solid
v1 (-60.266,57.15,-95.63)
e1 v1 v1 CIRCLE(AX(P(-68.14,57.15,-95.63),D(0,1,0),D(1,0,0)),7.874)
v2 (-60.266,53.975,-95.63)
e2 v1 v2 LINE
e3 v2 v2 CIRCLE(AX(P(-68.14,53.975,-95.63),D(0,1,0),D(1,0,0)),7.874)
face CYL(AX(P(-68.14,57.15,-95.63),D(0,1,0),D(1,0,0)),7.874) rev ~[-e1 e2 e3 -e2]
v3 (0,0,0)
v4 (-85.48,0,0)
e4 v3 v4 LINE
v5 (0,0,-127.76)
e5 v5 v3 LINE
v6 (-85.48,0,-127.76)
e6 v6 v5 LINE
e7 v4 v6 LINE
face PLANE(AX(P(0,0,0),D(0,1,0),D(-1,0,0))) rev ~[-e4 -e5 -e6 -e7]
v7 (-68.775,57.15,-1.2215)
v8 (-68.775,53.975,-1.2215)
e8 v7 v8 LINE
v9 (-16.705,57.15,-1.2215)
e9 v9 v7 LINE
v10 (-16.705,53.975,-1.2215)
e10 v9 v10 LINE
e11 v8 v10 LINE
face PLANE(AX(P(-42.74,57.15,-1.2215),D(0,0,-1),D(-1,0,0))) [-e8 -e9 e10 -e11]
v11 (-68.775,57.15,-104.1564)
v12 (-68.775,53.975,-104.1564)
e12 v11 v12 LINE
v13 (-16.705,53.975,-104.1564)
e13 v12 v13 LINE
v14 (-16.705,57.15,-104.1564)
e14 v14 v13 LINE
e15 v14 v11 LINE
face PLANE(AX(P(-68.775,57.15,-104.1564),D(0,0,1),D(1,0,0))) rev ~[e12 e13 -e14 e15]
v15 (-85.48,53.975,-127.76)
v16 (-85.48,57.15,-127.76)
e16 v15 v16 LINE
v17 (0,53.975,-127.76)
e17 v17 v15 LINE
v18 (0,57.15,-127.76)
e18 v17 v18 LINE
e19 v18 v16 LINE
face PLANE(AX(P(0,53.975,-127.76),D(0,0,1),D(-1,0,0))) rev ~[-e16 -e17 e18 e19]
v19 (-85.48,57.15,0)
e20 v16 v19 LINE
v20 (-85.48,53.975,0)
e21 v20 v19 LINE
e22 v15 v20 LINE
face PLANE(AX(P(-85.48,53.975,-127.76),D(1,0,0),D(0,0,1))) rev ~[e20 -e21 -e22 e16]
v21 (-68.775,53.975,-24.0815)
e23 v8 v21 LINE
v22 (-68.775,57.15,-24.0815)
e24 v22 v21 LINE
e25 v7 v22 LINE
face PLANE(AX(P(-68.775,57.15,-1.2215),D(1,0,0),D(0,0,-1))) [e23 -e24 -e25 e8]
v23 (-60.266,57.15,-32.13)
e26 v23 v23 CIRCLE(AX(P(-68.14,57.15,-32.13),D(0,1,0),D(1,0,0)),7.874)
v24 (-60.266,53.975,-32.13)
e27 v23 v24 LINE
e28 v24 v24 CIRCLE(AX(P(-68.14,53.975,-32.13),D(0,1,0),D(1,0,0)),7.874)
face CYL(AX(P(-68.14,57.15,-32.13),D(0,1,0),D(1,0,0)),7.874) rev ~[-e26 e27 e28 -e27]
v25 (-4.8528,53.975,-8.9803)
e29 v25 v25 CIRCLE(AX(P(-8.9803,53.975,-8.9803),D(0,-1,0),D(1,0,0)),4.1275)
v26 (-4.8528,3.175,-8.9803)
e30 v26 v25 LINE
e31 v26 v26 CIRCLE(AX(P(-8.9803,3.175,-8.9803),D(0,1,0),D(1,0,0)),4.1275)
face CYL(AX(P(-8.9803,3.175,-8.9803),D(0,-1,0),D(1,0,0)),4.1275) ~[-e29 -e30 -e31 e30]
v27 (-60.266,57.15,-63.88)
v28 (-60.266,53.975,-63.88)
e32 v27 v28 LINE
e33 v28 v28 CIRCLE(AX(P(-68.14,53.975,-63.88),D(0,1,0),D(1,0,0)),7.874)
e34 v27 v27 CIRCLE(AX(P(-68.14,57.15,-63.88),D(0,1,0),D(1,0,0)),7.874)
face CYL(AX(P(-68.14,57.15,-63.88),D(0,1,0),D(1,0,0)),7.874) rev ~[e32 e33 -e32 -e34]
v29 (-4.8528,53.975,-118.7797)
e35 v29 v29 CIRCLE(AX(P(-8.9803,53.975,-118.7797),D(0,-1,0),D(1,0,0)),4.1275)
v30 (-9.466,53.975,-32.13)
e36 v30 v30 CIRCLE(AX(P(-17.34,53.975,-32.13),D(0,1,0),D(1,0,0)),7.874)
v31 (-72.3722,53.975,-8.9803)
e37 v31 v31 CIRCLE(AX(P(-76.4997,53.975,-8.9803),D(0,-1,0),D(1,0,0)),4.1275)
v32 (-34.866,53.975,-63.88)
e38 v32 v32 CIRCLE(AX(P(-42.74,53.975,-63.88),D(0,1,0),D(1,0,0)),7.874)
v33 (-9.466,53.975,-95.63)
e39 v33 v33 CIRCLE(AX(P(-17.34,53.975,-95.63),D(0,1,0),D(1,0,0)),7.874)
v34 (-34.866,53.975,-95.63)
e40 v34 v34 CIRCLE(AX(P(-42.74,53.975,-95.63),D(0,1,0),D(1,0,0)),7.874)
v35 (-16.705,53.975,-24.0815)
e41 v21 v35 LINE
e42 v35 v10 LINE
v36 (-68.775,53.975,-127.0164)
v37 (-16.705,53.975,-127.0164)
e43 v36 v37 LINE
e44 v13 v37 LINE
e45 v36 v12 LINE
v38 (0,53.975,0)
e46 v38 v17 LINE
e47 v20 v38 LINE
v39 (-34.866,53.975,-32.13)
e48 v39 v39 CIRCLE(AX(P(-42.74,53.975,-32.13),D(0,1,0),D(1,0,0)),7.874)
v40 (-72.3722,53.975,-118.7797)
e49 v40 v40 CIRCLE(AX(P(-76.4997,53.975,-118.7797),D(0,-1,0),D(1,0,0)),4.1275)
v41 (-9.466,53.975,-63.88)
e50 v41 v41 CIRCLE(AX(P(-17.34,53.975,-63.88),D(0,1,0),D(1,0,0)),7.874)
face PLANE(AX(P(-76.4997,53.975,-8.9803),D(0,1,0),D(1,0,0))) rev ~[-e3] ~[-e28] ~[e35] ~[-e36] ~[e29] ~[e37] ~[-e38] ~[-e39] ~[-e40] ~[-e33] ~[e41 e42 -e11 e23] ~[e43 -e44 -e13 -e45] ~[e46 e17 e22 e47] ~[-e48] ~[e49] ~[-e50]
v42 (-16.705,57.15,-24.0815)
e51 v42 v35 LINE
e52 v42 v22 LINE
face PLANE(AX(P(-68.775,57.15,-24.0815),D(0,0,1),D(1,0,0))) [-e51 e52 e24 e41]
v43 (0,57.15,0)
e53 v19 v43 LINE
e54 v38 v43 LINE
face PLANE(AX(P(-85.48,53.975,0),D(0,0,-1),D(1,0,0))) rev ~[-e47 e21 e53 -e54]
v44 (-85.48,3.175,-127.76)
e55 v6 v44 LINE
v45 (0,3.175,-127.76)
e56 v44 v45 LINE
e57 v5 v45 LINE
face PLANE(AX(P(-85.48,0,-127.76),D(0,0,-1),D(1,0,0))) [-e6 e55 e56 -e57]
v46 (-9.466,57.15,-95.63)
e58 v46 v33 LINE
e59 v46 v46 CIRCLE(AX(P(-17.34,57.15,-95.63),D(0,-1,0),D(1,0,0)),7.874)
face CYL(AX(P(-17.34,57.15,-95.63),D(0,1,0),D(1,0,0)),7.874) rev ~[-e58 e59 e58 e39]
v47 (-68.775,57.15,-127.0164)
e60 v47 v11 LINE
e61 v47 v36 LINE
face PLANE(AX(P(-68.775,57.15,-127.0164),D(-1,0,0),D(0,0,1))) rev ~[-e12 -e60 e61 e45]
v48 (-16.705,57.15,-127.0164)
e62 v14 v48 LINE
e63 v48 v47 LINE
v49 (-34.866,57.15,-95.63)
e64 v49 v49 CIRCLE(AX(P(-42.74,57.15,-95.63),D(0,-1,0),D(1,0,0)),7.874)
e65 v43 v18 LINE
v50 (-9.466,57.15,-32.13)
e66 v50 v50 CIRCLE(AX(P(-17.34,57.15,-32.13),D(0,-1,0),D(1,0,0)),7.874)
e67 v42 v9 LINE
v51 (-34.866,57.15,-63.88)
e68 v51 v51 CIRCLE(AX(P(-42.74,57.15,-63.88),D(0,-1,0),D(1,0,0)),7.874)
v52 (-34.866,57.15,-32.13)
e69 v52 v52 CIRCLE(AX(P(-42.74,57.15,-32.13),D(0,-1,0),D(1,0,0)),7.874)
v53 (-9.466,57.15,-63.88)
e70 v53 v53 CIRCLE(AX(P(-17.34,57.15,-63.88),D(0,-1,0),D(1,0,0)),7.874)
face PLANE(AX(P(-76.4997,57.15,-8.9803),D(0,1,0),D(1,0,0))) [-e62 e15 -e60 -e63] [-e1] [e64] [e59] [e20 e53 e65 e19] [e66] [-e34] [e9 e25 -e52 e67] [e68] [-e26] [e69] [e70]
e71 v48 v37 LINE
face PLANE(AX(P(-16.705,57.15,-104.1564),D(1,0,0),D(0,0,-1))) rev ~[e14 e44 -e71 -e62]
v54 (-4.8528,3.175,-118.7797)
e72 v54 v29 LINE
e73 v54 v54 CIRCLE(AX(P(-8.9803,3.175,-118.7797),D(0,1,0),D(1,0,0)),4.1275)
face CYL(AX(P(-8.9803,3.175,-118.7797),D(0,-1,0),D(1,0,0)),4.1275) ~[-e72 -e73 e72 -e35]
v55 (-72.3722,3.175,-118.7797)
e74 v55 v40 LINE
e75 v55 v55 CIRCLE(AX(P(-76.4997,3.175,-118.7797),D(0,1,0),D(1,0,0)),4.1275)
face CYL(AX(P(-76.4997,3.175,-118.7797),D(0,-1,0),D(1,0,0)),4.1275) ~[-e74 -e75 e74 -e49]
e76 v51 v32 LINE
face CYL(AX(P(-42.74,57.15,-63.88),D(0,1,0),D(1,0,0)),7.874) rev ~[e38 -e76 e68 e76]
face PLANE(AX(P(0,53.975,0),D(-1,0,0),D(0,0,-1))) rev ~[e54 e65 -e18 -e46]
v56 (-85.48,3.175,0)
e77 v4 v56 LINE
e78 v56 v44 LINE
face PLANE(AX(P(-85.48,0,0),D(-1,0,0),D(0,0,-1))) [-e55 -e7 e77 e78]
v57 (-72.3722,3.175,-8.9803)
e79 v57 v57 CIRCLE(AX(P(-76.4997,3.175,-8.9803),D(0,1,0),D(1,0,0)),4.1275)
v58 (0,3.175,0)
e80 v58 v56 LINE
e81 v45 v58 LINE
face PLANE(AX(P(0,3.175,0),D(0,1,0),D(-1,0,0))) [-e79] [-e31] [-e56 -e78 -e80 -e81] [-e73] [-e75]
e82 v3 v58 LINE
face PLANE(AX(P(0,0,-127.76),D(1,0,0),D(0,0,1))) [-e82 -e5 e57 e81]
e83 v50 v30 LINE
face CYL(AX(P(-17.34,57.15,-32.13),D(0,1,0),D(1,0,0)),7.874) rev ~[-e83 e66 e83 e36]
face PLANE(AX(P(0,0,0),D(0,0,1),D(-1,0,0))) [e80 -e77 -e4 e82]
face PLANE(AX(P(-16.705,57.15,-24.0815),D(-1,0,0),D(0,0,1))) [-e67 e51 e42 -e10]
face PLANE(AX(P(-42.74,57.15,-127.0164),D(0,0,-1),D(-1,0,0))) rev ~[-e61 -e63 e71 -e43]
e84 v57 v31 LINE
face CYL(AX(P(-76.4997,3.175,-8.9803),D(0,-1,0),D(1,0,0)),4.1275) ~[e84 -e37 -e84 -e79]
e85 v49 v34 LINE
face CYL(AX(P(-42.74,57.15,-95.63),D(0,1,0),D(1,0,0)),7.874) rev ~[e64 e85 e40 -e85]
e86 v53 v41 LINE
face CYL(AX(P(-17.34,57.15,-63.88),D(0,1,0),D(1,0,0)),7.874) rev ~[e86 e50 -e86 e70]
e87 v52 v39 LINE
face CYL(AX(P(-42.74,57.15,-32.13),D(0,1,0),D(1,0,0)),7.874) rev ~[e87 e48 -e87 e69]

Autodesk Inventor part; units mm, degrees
ref_plane "YZ Plane" through (0, 0, 0) normal (1, 0, 0) x (0, 1, 0)
ref_plane "XZ Plane" through (0, 0, 0) normal (0, 1, 0) x (-1, 0, 0)
ref_plane "XY Plane" through (0, 0, 0) normal (0, 0, 1) x (1, 0, 0)
sketch "Sketch1" plane through (0, 0, 0) normal (0, 1, 0) x (-1, 0, 0)
  line L0 (0, 0) -> (85.48, 0)
  line L1 (85.48, 0) -> (85.48, -127.76)
  line L2 (85.48, -127.76) -> (0, -127.76)
  line L3 (0, -127.76) -> (0, 0)
  dimension "d0" = 85.48
  dimension "d1" = 127.76
extrude "Extrusion1" add sketch "Sketch1" along normal blind 3.175
sketch "Sketch2" plane through (0, 3.175, 0) normal (0, 1, 0) x (1, 0, 0)
  line L0 (0, 0) -> (-8.9803, 8.9803)
  line L1 (-85.48, 127.76) -> (-85.48, 0) projected
  line L2 (-85.48, 0) -> (-76.4997, 8.9803)
  line L3 (-85.48, 0) -> (-72.78, 0) construction
  line L4 (0, 127.76) -> (-85.48, 127.76) projected
  line L5 (-85.48, 127.76) -> (-76.4997, 118.7797)
  line L6 (-85.48, 127.76) -> (-72.78, 127.76) construction
  line L7 (0, 127.76) -> (-8.9803, 118.7797)
  circle A0 centre (-76.4997, 118.7797) radius 4.1275
  circle A1 centre (-8.9803, 118.7797) radius 4.1275
  circle A2 centre (-76.4997, 8.9803) radius 4.1275
  circle A3 centre (-8.9803, 8.9803) radius 4.1275
  dimension "d4" = 12.7
  dimension "d5" = 12.7
  dimension "d6" = 45
  dimension "d7" = 12.7
  dimension "d8" = 45
  dimension "d9" = 12.7
  dimension "d10" = 8.255
  dimension "d11" = 8.255
  dimension "d12" = 8.255
  dimension "d13" = 8.255
extrude "Extrusion2" add sketch "Sketch2" along normal blind 50.8
sketch "Sketch3" plane through (-76.4997, 53.975, -8.9803) normal (0, 1, 0) x (1, 0, 0)
  line L0 (-8.9803, -8.9803) -> (76.4997, -8.9803) projected
  line L1 (-8.9803, 118.7797) -> (-8.9803, -8.9803) projected
  line L2 (76.4997, 118.7797) -> (-8.9803, 118.7797) projected
  line L3 (76.4997, -8.9803) -> (76.4997, 118.7797) projected
extrude "Extrusion3" add sketch "Sketch3" along normal blind 3.175
sketch "Sketch4" plane through (-76.4997, 57.15, -8.9803) normal (0, 1, 0) x (1, 0, 0)
  line L0 (-8.9803, -8.9803) -> (76.4997, -8.9803) projected
  line L1 (33.7597, -8.9803) -> (33.7597, 118.7797)
  line L2 (76.4997, 118.7797) -> (-8.9803, 118.7797) projected
  line L3 (33.7597, 54.8997) -> (33.7597, 86.6497)
  line L4 (33.7597, 54.8997) -> (65.5097, 54.8997) construction
  line L5 (33.7597, 54.8997) -> (33.7597, 23.1497)
  circle A0 centre (33.7597, 86.6497) radius 7.874
  circle A1 centre (33.7597, 23.1497) radius 7.874
  circle A2 centre (33.7597, 54.8997) radius 7.874
  line L6 (33.7597, 86.6497) -> (59.1597, 86.6497)
  circle A3 centre (59.1597, 86.6497) radius 7.874
  line L7 (33.7597, 86.6497) -> (8.3597, 86.6497)
  line L8 (33.7597, 54.8997) -> (59.1597, 54.8997)
  line L9 (33.7597, 54.8997) -> (8.3597, 54.8997)
  line L10 (33.7597, 23.1497) -> (59.1597, 23.1497)
  line L11 (33.7597, 23.1497) -> (8.3597, 23.1497)
  line L12 (33.7597, 23.1497) -> (59.1597, 23.1497) construction
  circle A4 centre (8.3597, 86.6497) radius 7.874
  circle A5 centre (8.3597, 54.8997) radius 7.874
  circle A6 centre (59.1597, 54.8997) radius 7.874
  circle A7 centre (59.1597, 23.1497) radius 7.874
  circle A8 centre (8.3597, 23.1497) radius 7.874
  line L13 (7.7247, 95.1761) -> (59.7947, 95.1761)
  line L14 (59.7947, 95.1761) -> (59.7947, 118.0361)
  line L15 (59.7947, 118.0361) -> (7.7247, 118.0361)
  line L16 (7.7247, 118.0361) -> (7.7247, 95.1761)
  line L17 (7.7247, 95.1761) -> (59.7947, 118.0361) construction
  line L18 (59.7947, 95.1761) -> (7.7247, 118.0361) construction
  line L19 (7.7247, 15.1012) -> (59.7947, 15.1012)
  line L20 (59.7947, 15.1012) -> (59.7947, -7.7588)
  line L21 (59.7947, -7.7588) -> (7.7247, -7.7588)
  line L22 (7.7247, -7.7588) -> (7.7247, 15.1012)
  line L23 (7.7247, 15.1012) -> (59.7947, -7.7588) construction
  line L24 (59.7947, 15.1012) -> (7.7247, -7.7588) construction
  point P0 (33.7597, 106.6061)
  point P1 (33.7597, 3.6712)
  dimension "d18" = 31.75
  dimension "d19" = 90
  dimension "d20" = 31.75
  dimension "d21" = 15.748
  dimension "d22" = 15.748
  dimension "d25" = 15.748
  dimension "d26" = 25.4
  dimension "d27" = 15.748
  dimension "d28" = 25.4
  dimension "d29" = 25.4
  dimension "d30" = 25.4
  dimension "d31" = 25.4
  dimension "d32" = 25.4
  dimension "d33" = 180
  dimension "d34" = 15.748
  dimension "d35" = 15.748
  dimension "d36" = 15.748
  dimension "d37" = 15.748
  dimension "d38" = 15.748
  dimension "d39" = 52.07
  dimension "d40" = 22.86
  dimension "d41" = 52.07
  dimension "d42" = 22.86
extrude "Extrusion4" cut sketch "Sketch4" against normal blind 3.175
properties part number "Elve tube holder"
